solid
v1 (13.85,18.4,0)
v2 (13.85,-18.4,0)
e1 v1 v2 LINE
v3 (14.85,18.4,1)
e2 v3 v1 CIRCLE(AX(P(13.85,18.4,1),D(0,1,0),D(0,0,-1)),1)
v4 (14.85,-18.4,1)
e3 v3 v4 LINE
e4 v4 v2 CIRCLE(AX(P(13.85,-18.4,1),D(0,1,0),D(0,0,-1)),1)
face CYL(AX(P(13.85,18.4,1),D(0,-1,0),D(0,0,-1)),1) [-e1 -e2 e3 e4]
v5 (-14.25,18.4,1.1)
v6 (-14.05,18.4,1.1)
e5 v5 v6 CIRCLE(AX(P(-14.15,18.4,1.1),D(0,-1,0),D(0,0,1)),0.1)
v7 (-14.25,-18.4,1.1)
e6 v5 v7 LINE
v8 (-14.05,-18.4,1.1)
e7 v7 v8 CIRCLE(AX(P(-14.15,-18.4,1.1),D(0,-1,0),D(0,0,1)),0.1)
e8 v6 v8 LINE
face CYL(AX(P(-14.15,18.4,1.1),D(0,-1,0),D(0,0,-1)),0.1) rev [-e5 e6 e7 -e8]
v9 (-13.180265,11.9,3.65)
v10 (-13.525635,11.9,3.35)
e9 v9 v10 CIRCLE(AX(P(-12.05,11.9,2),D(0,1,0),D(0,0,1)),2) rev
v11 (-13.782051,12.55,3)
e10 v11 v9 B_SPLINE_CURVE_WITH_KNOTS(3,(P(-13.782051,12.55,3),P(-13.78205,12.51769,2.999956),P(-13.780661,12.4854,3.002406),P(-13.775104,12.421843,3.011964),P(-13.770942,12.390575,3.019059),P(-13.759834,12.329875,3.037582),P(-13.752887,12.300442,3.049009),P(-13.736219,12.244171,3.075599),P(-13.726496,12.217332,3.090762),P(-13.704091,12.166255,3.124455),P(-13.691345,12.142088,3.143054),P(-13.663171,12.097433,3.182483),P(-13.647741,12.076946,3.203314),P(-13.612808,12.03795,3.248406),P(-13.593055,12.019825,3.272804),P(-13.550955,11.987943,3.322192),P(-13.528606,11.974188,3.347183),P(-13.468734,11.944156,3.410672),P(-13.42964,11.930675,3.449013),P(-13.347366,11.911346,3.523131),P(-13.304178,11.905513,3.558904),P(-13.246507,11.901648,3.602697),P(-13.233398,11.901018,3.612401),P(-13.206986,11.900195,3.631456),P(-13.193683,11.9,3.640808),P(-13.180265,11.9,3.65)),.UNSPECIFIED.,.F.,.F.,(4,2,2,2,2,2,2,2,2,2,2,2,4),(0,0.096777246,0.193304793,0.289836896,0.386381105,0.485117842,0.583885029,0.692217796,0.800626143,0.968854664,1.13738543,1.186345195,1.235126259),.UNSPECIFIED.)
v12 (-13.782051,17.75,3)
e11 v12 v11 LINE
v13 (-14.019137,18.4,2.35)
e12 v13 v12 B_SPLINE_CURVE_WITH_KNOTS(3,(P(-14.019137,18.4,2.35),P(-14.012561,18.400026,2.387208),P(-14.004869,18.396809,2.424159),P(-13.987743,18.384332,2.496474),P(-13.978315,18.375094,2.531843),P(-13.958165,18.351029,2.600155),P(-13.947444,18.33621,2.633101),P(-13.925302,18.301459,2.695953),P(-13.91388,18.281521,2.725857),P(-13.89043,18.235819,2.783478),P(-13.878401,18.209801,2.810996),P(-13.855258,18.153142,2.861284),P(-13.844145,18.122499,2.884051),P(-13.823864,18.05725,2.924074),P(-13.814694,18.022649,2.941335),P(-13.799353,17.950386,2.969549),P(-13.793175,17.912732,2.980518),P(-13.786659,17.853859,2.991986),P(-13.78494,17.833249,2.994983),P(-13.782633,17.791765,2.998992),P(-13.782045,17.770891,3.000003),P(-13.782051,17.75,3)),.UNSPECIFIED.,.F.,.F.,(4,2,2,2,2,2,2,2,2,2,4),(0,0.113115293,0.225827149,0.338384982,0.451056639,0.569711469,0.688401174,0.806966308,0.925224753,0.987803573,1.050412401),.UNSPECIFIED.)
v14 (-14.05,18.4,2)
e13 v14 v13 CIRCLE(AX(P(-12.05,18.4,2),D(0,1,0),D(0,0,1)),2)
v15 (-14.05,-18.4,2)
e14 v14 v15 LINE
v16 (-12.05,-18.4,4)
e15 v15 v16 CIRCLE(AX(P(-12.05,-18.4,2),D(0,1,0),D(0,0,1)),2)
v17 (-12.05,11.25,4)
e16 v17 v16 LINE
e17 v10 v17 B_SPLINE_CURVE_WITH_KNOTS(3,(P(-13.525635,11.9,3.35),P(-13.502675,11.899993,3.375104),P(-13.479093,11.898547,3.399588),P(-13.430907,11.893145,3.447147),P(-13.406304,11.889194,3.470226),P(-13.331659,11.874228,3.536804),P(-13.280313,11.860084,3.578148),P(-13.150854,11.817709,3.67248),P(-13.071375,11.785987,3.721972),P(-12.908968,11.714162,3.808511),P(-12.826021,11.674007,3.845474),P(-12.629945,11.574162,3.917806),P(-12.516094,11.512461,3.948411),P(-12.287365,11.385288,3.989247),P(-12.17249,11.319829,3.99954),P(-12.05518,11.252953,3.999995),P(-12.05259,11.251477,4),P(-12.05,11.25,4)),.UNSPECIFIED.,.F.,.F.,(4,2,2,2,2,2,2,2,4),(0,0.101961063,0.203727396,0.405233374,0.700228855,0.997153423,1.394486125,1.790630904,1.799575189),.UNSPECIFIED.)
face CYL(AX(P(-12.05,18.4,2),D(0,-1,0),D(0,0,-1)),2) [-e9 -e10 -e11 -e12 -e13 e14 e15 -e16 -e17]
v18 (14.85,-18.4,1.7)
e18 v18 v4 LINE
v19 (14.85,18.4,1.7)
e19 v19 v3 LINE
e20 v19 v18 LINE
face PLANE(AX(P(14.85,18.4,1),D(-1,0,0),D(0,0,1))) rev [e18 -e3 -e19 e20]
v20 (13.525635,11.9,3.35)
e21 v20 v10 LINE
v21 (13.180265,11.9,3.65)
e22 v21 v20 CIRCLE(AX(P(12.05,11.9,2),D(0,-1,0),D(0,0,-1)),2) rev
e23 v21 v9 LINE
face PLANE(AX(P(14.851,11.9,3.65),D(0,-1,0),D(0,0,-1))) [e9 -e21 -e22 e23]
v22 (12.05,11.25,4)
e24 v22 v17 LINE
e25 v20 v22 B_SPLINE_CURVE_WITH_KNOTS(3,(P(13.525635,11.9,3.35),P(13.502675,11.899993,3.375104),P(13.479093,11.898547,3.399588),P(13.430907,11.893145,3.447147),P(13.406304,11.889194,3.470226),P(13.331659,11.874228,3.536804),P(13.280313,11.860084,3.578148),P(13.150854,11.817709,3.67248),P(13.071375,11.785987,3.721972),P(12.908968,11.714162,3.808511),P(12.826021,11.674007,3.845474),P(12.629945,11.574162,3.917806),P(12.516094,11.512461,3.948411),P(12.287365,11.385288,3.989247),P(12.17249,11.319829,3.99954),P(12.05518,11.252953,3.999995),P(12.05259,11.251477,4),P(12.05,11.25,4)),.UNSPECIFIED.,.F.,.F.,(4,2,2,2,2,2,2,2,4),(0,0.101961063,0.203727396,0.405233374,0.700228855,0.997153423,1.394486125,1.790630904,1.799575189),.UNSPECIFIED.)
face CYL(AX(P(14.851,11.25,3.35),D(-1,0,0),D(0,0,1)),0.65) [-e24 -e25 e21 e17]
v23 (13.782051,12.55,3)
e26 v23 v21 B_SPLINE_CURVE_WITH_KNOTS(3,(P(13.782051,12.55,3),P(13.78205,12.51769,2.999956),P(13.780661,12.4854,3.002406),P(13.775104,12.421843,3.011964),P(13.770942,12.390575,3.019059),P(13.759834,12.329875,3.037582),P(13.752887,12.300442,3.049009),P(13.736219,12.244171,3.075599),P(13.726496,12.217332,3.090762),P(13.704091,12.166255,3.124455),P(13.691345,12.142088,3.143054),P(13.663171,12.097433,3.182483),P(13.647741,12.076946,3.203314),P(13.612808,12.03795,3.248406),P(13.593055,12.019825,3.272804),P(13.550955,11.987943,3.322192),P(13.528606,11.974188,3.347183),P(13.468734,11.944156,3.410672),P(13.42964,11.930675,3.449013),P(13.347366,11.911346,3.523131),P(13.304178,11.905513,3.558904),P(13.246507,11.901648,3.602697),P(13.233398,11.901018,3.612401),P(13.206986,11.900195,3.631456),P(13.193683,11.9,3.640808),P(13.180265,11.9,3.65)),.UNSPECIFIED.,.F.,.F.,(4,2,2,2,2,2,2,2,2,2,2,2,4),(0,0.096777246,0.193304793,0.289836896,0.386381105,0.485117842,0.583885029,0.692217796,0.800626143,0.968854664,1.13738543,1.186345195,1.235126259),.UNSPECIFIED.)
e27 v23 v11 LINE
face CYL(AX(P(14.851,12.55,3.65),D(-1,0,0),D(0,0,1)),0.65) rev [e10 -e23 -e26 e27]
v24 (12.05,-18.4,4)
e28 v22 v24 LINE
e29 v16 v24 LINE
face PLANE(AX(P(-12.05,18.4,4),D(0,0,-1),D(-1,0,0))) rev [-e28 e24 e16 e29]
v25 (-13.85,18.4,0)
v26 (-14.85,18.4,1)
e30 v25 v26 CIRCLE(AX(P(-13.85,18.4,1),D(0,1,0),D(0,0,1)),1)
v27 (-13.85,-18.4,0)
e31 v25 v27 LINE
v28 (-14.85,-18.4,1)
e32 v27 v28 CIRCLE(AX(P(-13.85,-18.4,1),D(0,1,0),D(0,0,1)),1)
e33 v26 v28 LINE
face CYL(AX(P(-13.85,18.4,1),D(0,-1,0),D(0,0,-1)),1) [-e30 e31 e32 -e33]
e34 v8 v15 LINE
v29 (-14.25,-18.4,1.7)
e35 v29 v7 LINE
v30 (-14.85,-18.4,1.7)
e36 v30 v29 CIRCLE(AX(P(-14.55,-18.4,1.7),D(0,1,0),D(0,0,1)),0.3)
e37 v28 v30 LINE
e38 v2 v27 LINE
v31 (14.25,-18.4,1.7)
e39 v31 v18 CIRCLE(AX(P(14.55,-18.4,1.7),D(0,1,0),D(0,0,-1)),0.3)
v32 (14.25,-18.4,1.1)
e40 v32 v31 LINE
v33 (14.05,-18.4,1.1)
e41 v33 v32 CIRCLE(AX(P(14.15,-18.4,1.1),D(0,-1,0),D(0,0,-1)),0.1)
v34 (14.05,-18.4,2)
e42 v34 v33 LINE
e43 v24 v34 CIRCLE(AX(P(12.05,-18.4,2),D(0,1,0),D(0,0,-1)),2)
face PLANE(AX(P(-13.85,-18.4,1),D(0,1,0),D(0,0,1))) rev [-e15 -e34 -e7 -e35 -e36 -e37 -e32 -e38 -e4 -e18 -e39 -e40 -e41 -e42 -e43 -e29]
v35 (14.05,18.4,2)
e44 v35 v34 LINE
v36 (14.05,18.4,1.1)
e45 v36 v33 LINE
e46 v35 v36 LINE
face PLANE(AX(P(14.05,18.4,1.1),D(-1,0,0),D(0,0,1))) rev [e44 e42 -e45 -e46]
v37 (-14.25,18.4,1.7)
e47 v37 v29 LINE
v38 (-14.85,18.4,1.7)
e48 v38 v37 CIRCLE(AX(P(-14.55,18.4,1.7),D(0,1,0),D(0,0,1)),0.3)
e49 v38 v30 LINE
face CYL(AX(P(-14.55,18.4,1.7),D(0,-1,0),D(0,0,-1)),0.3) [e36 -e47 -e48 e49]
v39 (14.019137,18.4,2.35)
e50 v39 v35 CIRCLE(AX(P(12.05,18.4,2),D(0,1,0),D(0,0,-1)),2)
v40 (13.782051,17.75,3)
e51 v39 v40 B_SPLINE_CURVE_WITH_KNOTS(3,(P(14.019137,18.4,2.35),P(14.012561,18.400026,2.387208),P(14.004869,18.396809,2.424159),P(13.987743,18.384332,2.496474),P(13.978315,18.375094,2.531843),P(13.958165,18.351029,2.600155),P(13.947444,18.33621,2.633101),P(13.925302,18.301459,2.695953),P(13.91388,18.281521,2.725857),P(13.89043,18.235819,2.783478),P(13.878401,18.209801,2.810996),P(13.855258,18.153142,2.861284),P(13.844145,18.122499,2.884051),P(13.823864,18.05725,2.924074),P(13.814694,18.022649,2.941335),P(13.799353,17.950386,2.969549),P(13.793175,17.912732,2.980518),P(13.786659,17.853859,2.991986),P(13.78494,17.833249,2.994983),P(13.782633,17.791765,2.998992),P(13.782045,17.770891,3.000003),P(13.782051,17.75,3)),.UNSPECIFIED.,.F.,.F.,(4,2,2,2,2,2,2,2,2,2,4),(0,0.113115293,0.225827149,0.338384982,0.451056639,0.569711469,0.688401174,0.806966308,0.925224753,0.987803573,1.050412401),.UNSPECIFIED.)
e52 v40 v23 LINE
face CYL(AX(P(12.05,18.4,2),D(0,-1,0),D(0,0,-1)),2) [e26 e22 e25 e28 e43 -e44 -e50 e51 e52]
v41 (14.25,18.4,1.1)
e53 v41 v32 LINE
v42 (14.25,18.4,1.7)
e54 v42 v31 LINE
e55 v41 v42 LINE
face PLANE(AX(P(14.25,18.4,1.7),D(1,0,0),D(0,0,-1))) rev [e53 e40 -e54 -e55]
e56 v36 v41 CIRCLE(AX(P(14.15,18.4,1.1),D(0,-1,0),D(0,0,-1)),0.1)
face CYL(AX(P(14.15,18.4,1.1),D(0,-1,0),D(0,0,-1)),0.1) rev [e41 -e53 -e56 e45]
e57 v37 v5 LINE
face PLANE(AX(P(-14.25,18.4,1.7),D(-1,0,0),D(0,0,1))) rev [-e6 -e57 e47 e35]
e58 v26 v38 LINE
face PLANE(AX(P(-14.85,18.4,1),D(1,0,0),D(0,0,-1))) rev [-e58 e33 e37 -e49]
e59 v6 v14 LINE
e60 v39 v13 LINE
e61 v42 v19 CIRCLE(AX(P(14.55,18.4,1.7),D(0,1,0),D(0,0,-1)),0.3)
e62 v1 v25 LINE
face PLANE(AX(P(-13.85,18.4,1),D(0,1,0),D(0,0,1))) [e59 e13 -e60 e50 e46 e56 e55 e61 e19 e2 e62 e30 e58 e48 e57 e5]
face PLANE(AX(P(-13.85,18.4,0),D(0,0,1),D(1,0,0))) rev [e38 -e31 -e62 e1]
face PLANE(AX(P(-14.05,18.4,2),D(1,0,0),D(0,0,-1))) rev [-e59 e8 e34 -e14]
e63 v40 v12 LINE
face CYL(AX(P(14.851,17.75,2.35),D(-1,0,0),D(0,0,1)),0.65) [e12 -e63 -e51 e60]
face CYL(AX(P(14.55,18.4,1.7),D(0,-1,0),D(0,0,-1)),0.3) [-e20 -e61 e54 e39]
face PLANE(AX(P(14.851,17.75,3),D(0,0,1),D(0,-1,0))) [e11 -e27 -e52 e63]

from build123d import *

# Parameters (mm, degrees)
EXTRUDE_1_DEPTH                 = 18.4
CUT_EXTRUDE_1_REACH             = 25.981
CUT_EXTRUDE_1_DIRECTION_2_REACH = 25.981


with BuildPart() as part:
    # Эскиз1 → Бобышка-Вытянуть1 (new, symmetric)
    with BuildSketch(Plane(origin=(0, 0, 0), x_dir=(1, 0, 0), z_dir=(0, 1, 0))):
        with BuildLine():
            Line((-13.85, 0), (13.85, 0))
            ThreePointArc((13.85, 0), (14.557106781, -0.292893219), (14.85, -1))
            Line((14.85, -1), (14.85, -1.7))
            ThreePointArc((14.85, -1.7), (14.55, -2), (14.25, -1.7))
            Line((14.25, -1.7), (14.25, -1.1))
            ThreePointArc((14.25, -1.1), (14.15, -1), (14.05, -1.1))
            Line((14.05, -1.1), (14.05, -2))
            ThreePointArc((14.05, -2), (13.464213562, -3.414213562), (12.05, -4))
            Line((12.05, -4), (-12.05, -4))
            ThreePointArc((-12.05, -4), (-13.464213562, -3.414213562), (-14.05, -2))
            Line((-14.05, -2), (-14.05, -1.1))
            ThreePointArc((-14.05, -1.1), (-14.15, -1), (-14.25, -1.1))
            Line((-14.25, -1.1), (-14.25, -1.7))
            ThreePointArc((-14.25, -1.7), (-14.55, -2), (-14.85, -1.7))
            Line((-14.85, -1.7), (-14.85, -1))
            ThreePointArc((-14.85, -1), (-14.557106781, -0.292893219), (-13.85, 0))
        make_face()
    extrude(amount=EXTRUDE_1_DEPTH, both=True)

    # Эскиз2 → Вырез-Вытянуть1 (cut, up to next)
    with BuildSketch(Plane(origin=(0, 0, 0), x_dir=(0, 0, -1), z_dir=(1, 0, 0)), mode=Mode.PRIVATE) as cut_extrude_1_sk1:
        with BuildLine():
            Line((-3, 17.75), (-3, 12.55))
            ThreePointArc((-3, 12.55), (-3.190380592, 12.090380592), (-3.65, 11.9))
            Line((-3.65, 11.9), (-3.35, 11.9))
            ThreePointArc((-3.35, 11.9), (-3.809619408, 11.709619408), (-4, 11.25))
            Line((-4, 11.25), (-4, 18.4))
            Line((-4, 18.4), (-2.35, 18.4))
            ThreePointArc((-2.35, 18.4), (-2.809619408, 18.209619408), (-3, 17.75))
        make_face()
    cut_extrude_1_tool1 = extrude(cut_extrude_1_sk1.sketch, amount=-CUT_EXTRUDE_1_REACH, mode=Mode.PRIVATE) & part.part
    add(cut_extrude_1_tool1.solids().sort_by_distance((0, 15.188719, 3.500886))[0], mode=Mode.SUBTRACT)

    # Эскиз2 → Вырез-Вытянуть1 direction 2 (cut, up to next)
    with BuildSketch(Plane(origin=(0, 0, 0), x_dir=(0, 0, -1), z_dir=(1, 0, 0)), mode=Mode.PRIVATE) as cut_extrude_1_direction_2_sk1:
        with BuildLine():
            Line((-3, 17.75), (-3, 12.55))
            ThreePointArc((-3, 12.55), (-3.190380592, 12.090380592), (-3.65, 11.9))
            Line((-3.65, 11.9), (-3.35, 11.9))
            ThreePointArc((-3.35, 11.9), (-3.809619408, 11.709619408), (-4, 11.25))
            Line((-4, 11.25), (-4, 18.4))
            Line((-4, 18.4), (-2.35, 18.4))
            ThreePointArc((-2.35, 18.4), (-2.809619408, 18.209619408), (-3, 17.75))
        make_face()
    cut_extrude_1_direction_2_tool1 = extrude(cut_extrude_1_direction_2_sk1.sketch, amount=CUT_EXTRUDE_1_DIRECTION_2_REACH, mode=Mode.PRIVATE) & part.part
    add(cut_extrude_1_direction_2_tool1.solids().sort_by_distance((0, 15.188719, 3.500886))[0], mode=Mode.SUBTRACT)


solid = part.part
